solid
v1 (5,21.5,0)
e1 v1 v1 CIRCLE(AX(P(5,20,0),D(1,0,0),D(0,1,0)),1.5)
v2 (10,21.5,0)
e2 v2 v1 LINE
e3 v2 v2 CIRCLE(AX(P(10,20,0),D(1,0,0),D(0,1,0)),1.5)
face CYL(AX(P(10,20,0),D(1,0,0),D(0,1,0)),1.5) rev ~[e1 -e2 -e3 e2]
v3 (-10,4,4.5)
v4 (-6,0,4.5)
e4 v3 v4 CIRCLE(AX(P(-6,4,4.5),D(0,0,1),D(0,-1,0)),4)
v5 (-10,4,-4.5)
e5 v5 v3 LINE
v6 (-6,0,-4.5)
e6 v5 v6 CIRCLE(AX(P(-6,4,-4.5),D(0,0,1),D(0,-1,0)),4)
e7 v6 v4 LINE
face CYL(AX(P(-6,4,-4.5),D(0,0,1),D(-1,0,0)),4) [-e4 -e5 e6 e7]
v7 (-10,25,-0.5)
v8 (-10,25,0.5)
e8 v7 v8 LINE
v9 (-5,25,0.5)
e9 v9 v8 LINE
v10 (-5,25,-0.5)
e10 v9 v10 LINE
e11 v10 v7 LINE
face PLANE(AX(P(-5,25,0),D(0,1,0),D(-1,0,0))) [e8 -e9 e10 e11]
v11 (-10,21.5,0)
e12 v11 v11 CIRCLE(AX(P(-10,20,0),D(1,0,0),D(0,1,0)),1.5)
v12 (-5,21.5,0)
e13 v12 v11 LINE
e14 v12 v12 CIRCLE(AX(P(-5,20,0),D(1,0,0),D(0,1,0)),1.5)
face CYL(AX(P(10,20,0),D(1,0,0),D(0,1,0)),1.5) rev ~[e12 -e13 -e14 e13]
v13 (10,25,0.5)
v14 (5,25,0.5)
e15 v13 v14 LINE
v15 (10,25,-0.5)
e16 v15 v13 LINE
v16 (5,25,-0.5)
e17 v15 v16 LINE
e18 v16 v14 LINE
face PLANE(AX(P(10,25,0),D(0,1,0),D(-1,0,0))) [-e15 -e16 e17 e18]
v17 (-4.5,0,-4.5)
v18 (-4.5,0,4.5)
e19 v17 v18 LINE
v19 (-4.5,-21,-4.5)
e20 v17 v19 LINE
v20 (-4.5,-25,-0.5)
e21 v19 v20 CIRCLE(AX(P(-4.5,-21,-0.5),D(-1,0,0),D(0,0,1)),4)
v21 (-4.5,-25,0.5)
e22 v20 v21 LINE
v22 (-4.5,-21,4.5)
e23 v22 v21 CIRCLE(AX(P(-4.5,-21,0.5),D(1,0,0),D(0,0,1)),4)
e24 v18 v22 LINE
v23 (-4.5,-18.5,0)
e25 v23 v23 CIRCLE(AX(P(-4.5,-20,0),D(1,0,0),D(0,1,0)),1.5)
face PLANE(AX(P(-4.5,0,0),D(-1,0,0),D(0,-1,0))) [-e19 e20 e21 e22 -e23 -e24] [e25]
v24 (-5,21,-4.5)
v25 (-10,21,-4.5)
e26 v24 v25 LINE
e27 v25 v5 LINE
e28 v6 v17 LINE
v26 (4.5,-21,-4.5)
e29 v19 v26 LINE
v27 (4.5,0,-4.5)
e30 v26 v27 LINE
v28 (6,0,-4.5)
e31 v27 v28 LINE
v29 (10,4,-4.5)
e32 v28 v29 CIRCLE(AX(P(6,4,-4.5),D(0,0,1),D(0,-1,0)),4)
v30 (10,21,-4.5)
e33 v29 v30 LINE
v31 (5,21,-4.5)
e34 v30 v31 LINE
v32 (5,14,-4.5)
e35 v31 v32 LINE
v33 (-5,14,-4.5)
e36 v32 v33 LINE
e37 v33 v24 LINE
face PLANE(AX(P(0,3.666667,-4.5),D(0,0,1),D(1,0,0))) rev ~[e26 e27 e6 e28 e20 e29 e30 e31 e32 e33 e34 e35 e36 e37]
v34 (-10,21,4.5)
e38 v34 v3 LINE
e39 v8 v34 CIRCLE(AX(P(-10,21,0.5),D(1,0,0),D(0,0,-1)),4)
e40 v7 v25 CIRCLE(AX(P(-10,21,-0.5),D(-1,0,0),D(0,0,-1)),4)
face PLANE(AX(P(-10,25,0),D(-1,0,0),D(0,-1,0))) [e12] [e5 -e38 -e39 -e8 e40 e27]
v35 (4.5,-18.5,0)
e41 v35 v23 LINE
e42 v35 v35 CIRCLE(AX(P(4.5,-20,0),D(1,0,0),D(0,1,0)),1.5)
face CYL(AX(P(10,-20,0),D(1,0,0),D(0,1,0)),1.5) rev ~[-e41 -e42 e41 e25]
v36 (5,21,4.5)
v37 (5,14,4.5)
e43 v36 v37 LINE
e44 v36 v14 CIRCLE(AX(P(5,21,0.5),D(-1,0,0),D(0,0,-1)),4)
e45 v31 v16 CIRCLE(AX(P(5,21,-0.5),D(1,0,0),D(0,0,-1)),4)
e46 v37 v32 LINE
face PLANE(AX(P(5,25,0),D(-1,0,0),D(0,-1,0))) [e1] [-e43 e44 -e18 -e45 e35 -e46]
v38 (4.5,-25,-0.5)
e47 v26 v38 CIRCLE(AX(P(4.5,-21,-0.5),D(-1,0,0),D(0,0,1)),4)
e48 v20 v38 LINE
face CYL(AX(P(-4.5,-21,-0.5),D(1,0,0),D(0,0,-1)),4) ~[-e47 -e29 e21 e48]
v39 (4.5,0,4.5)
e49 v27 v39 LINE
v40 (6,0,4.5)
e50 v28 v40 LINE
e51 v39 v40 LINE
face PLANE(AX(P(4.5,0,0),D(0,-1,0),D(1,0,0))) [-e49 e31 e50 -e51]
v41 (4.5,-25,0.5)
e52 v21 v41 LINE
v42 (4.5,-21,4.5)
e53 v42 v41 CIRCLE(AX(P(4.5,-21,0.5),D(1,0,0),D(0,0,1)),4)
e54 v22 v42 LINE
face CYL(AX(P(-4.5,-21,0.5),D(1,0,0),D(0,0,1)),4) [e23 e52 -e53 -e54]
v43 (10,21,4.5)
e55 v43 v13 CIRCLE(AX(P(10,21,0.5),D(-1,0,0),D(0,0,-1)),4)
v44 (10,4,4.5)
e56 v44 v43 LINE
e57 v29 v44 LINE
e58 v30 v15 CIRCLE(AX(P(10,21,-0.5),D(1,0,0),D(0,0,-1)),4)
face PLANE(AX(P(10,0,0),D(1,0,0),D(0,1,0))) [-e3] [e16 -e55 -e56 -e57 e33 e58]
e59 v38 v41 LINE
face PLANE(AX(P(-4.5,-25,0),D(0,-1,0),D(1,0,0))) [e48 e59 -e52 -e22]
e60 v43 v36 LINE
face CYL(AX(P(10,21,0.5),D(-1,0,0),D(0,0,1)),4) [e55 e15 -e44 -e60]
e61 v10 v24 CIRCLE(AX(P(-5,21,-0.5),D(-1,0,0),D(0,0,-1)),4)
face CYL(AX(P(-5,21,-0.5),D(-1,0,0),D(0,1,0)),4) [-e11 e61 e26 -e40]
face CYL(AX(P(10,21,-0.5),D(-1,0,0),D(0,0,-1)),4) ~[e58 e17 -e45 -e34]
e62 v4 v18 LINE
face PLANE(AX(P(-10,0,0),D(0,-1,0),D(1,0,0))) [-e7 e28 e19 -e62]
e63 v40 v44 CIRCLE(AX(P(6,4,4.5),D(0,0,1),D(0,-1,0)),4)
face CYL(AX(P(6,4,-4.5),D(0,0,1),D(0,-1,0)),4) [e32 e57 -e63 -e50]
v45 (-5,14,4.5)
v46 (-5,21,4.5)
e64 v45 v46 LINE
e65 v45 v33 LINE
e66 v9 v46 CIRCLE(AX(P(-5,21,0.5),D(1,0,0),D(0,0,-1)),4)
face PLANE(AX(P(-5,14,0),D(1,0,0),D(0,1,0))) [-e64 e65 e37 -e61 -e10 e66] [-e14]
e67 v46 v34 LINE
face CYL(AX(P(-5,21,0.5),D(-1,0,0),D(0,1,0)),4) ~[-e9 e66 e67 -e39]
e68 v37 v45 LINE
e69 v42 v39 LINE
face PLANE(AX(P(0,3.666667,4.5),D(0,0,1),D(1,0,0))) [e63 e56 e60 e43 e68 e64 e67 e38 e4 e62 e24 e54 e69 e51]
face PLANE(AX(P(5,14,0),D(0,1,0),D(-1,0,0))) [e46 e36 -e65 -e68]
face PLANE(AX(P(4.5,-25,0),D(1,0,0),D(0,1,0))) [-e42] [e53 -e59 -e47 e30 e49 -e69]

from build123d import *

# Parameters (mm, degrees)
F1_DEPTH = 4.5
F2_R     = 1.5
F3_DEPTH = 20.001
F4_R     = 4


with BuildPart() as f1:
    # F0 (on Top) → F1 (new body, symmetric)
    with BuildSketch(Plane.XY):
        Polygon((-5, 25), (-10, 25), (-10, 0), (-4.5, 0), (-4.5, -25), (4.5, -25), (4.5, 0), (10, 0), (10, 25), (5, 25), (5, 14), (-5, 14), align=None)
    extrude(amount=F1_DEPTH, both=True)

    # F2 (on face) → F3 (cut, through all)
    with BuildSketch(Plane.YZ.offset(10)):
        with Locations((20, 0)):
            Circle(F2_R)
        with Locations((-20, 0)):
            Circle(F2_R)
    extrude(amount=-F3_DEPTH, mode=Mode.SUBTRACT)

    # F4
    f4_edges = [f1.edges().sort_by_distance(p)[0] for p in [
        (-7.5, 25, 4.5),
        (10, 0, 0),
        (-10, 0, 0),
        (0, -25, 4.5),
        (0, -25, -4.5),
        (-7.5, 25, -4.5),
        (7.5, 25, -4.5),
        (7.5, 25, 4.5),
    ]]
    fillet(f4_edges, radius=F4_R)


solid = f1.part
